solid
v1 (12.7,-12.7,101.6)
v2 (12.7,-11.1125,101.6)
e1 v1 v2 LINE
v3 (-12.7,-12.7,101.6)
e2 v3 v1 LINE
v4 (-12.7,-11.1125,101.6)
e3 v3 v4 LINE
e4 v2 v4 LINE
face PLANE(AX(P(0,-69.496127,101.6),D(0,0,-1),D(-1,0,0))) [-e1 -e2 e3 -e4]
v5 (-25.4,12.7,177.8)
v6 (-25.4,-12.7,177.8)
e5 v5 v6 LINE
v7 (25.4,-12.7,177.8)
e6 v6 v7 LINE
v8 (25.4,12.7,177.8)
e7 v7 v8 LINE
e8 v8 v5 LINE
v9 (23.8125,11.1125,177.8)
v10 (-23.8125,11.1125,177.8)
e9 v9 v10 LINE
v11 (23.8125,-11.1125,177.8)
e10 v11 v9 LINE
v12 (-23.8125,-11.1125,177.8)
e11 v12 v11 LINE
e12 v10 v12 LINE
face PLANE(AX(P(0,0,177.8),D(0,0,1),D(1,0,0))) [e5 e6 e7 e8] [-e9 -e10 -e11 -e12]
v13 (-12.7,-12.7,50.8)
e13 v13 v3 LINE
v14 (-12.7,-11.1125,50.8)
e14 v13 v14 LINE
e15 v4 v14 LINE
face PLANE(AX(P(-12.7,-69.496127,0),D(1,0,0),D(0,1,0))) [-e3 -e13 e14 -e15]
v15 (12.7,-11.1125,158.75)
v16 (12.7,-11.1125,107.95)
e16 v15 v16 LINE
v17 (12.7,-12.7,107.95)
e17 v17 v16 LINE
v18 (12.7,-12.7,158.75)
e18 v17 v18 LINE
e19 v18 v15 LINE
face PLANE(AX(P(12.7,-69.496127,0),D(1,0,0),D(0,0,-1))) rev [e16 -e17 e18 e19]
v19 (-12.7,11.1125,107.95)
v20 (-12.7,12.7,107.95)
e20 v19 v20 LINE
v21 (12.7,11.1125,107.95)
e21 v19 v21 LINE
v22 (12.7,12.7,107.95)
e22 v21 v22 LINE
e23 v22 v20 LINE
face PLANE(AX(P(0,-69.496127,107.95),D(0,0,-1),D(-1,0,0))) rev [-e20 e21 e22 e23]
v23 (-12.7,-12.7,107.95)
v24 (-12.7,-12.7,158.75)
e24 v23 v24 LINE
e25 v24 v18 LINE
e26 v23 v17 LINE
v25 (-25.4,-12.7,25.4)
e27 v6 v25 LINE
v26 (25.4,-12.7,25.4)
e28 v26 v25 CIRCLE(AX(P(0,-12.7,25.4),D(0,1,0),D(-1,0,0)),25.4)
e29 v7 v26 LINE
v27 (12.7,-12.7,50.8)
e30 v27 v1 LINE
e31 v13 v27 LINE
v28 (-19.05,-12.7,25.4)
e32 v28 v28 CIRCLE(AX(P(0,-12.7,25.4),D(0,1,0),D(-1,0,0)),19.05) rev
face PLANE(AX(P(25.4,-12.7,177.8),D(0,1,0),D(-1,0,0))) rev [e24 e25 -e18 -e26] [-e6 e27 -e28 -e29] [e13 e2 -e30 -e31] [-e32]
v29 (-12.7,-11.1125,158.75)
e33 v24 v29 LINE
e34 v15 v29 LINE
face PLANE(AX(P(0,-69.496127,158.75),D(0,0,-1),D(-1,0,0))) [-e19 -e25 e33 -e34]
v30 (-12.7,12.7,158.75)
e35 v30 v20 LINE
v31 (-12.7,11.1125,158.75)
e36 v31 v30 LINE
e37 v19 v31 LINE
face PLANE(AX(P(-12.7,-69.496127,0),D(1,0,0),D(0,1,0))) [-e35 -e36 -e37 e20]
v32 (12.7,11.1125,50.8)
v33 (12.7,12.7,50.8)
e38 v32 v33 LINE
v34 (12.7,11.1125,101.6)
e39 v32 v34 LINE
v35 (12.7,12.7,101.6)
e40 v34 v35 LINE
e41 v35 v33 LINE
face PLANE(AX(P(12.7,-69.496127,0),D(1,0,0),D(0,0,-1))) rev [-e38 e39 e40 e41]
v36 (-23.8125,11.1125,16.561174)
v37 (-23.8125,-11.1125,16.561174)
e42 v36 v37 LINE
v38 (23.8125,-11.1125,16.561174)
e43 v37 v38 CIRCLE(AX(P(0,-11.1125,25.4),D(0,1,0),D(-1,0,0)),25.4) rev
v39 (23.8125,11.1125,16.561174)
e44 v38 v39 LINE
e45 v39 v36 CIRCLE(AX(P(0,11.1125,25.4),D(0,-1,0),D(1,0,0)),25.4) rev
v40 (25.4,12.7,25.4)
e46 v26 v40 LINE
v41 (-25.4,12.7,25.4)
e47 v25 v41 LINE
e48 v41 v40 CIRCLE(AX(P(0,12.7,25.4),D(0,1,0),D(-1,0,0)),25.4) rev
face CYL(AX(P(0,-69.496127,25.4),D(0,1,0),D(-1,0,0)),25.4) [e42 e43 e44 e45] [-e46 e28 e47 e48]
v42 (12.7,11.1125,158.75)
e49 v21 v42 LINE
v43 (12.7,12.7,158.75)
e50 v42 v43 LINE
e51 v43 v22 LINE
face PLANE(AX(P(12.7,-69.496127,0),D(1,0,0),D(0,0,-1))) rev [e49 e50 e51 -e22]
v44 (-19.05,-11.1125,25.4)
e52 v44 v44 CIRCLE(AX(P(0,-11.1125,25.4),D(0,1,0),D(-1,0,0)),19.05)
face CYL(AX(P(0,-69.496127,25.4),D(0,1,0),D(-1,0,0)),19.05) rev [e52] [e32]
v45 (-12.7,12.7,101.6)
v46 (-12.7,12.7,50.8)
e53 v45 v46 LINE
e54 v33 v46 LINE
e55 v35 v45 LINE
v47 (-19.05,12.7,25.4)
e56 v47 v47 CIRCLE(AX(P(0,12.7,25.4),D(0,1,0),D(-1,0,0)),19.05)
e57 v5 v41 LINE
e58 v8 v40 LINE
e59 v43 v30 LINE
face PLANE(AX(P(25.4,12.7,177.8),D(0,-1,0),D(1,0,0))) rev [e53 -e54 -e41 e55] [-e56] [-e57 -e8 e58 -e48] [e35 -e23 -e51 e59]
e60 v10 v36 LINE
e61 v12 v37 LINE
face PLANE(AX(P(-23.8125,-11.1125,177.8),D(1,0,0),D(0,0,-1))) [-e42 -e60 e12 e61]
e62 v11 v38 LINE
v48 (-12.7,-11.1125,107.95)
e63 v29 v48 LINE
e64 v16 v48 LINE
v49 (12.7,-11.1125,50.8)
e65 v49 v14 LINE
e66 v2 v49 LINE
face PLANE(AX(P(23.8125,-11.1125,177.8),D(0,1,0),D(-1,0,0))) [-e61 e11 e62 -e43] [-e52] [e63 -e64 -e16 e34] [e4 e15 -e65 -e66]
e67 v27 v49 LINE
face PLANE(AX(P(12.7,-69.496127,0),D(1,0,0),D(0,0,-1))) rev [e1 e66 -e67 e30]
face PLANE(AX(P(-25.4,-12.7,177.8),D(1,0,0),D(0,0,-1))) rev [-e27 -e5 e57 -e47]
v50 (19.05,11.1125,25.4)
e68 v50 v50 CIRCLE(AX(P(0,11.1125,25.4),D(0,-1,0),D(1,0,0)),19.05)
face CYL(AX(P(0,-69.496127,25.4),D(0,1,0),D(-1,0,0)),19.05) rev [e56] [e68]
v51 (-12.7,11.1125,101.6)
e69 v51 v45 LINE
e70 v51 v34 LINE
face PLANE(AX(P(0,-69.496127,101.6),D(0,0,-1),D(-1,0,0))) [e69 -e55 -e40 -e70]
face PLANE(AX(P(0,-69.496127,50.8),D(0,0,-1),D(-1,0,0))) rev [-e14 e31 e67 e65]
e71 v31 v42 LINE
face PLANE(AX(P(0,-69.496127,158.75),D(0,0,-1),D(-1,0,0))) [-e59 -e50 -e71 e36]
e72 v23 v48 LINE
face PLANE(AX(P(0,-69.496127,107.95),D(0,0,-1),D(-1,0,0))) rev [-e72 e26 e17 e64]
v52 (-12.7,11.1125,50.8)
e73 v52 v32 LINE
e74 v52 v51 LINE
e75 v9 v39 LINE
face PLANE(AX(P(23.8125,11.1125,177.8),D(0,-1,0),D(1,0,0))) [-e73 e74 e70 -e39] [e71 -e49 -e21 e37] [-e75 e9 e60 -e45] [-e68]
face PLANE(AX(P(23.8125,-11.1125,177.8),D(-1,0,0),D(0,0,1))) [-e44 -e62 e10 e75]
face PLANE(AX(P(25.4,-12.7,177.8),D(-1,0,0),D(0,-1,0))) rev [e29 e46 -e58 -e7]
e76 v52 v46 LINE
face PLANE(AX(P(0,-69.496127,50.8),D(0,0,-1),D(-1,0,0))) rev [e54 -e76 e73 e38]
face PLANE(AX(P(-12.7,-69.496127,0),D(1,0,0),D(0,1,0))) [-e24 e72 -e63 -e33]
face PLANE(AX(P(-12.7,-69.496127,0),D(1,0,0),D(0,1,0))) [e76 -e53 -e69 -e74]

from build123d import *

# Parameters (mm, degrees)
SKETCH1_W           = 50.8
SKETCH1_H           = 25.4
SKETCH1_W_2         = 47.625
SKETCH1_H_2         = 22.225
BOSS_EXTRUDE1_DEPTH = 177.8
CUT_EXTRUDE1_REACH  = 183.392
SKETCH2_W           = 25.4
SKETCH2_H           = 50.8


with BuildPart() as part:
    # Sketch1 → Boss-Extrude1 (new body)
    with BuildSketch(Plane.XY):
        Rectangle(SKETCH1_W, SKETCH1_H)
        Rectangle(SKETCH1_W_2, SKETCH1_H_2, mode=Mode.SUBTRACT)
    extrude(amount=BOSS_EXTRUDE1_DEPTH)

    # Cut-Extrude1: up to this face of the body (flat: up to its plane)
    cut_extrude1_end = Plane(part.part.faces().sort_by_distance((0, -12.7, 88.9))[0])
    # Sketch2 → Cut-Extrude1 (cut, up to the picked face)
    with BuildSketch(Plane(origin=(0, 12.7, 0), x_dir=(1, 0, 0), z_dir=(0, 1, 0)), mode=Mode.PRIVATE) as cut_extrude1_sk1:
        with BuildLine():
            ThreePointArc((-25.4, -25.4), (-17.960512214, -7.439487729), (8.1e-08, 0))
            Line((8.1e-08, 0), (-25.4, 0))
            Line((-25.4, 0), (-25.4, -25.4))
        make_face()
    cut_extrude1_tool1 = split(extrude(cut_extrude1_sk1.sketch, amount=-CUT_EXTRUDE1_REACH, mode=Mode.PRIVATE), bisect_by=cut_extrude1_end, keep=Keep.BOTH, mode=Mode.PRIVATE)
    # Sketch2 → Cut-Extrude1 (cut, up to the picked face)
    with BuildSketch(Plane(origin=(0, 12.7, 0), x_dir=(1, 0, 0), z_dir=(0, 1, 0)), mode=Mode.PRIVATE) as cut_extrude1_sk2:
        with BuildLine():
            ThreePointArc((-19.05, -25.4), (0, -44.45), (19.05, -25.4))
            Line((19.05, -25.4), (-19.05, -25.4))
        make_face()
    cut_extrude1_tool2 = split(extrude(cut_extrude1_sk2.sketch, amount=-CUT_EXTRUDE1_REACH, mode=Mode.PRIVATE), bisect_by=cut_extrude1_end, keep=Keep.BOTH, mode=Mode.PRIVATE)
    # Sketch2 → Cut-Extrude1 (cut, up to the picked face)
    with BuildSketch(Plane(origin=(0, 12.7, 0), x_dir=(1, 0, 0), z_dir=(0, 1, 0)), mode=Mode.PRIVATE) as cut_extrude1_sk3:
        with BuildLine():
            Line((-19.05, -25.4), (19.05, -25.4))
            ThreePointArc((19.05, -25.4), (0, -6.35), (-19.05, -25.4))
        make_face()
    cut_extrude1_tool3 = split(extrude(cut_extrude1_sk3.sketch, amount=-CUT_EXTRUDE1_REACH, mode=Mode.PRIVATE), bisect_by=cut_extrude1_end, keep=Keep.BOTH, mode=Mode.PRIVATE)
    # Sketch2 → Cut-Extrude1 (cut, up to the picked face)
    with BuildSketch(Plane(origin=(0, 12.7, 0), x_dir=(1, 0, 0), z_dir=(0, 1, 0)), mode=Mode.PRIVATE) as cut_extrude1_sk4:
        with BuildLine():
            ThreePointArc((8.1e-08, 0), (17.960512271, -7.439487786), (25.4, -25.4))
            Line((25.4, -25.4), (25.4, 0))
            Line((25.4, 0), (8.1e-08, 0))
        make_face()
    cut_extrude1_tool4 = split(extrude(cut_extrude1_sk4.sketch, amount=-CUT_EXTRUDE1_REACH, mode=Mode.PRIVATE), bisect_by=cut_extrude1_end, keep=Keep.BOTH, mode=Mode.PRIVATE)
    # Sketch2 → Cut-Extrude1 (cut, up to the picked face)
    with BuildSketch(Plane(origin=(0, 12.7, 0), x_dir=(1, 0, 0), z_dir=(0, 1, 0)), mode=Mode.PRIVATE) as cut_extrude1_sk5:
        with BuildLine():
            ThreePointArc((-19.05, -25.4), (0, -44.45), (19.05, -25.4))
            Line((19.05, -25.4), (-19.05, -25.4))
        make_face()
    cut_extrude1_tool5 = split(extrude(cut_extrude1_sk5.sketch, amount=-CUT_EXTRUDE1_REACH, mode=Mode.PRIVATE), bisect_by=cut_extrude1_end, keep=Keep.BOTH, mode=Mode.PRIVATE)
    # Sketch2 → Cut-Extrude1 (cut, up to the picked face)
    with BuildSketch(Plane(origin=(0, 12.7, 0), x_dir=(1, 0, 0), z_dir=(0, 1, 0)), mode=Mode.PRIVATE) as cut_extrude1_sk6:
        with BuildLine():
            Line((-19.05, -25.4), (19.05, -25.4))
            ThreePointArc((19.05, -25.4), (0, -6.35), (-19.05, -25.4))
        make_face()
    cut_extrude1_tool6 = split(extrude(cut_extrude1_sk6.sketch, amount=-CUT_EXTRUDE1_REACH, mode=Mode.PRIVATE), bisect_by=cut_extrude1_end, keep=Keep.BOTH, mode=Mode.PRIVATE)
    # Sketch2 → Cut-Extrude1 (cut, up to the picked face)
    with BuildSketch(Plane(origin=(0, 12.7, 0), x_dir=(1, 0, 0), z_dir=(0, 1, 0)), mode=Mode.PRIVATE) as cut_extrude1_sk7:
        with Locations((0, -133.35)):
            Rectangle(SKETCH2_W, SKETCH2_H)
    cut_extrude1_tool7 = split(extrude(cut_extrude1_sk7.sketch, amount=-CUT_EXTRUDE1_REACH, mode=Mode.PRIVATE), bisect_by=cut_extrude1_end, keep=Keep.BOTH, mode=Mode.PRIVATE)
    # Sketch2 → Cut-Extrude1 (cut, up to the picked face)
    with BuildSketch(Plane(origin=(0, 12.7, 0), x_dir=(1, 0, 0), z_dir=(0, 1, 0)), mode=Mode.PRIVATE) as cut_extrude1_sk8:
        with Locations((0, -76.2)):
            Rectangle(SKETCH2_W, SKETCH2_H)
    cut_extrude1_tool8 = split(extrude(cut_extrude1_sk8.sketch, amount=-CUT_EXTRUDE1_REACH, mode=Mode.PRIVATE), bisect_by=cut_extrude1_end, keep=Keep.BOTH, mode=Mode.PRIVATE)
    add(cut_extrude1_tool1.solids().sort_by(Axis((-19.726454, 12.7, 5.673546), (0, -1, 0)))[0], mode=Mode.SUBTRACT)
    add(cut_extrude1_tool2.solids().sort_by(Axis((0, 12.7, 33.485071), (0, -1, 0)))[0], mode=Mode.SUBTRACT)
    add(cut_extrude1_tool3.solids().sort_by(Axis((0, 12.7, 17.314929), (0, -1, 0)))[0], mode=Mode.SUBTRACT)
    add(cut_extrude1_tool4.solids().sort_by(Axis((19.726454, 12.7, 5.673546), (0, -1, 0)))[0], mode=Mode.SUBTRACT)
    add(cut_extrude1_tool5.solids().sort_by(Axis((0, 12.7, 33.485071), (0, -1, 0)))[0], mode=Mode.SUBTRACT)
    add(cut_extrude1_tool6.solids().sort_by(Axis((0, 12.7, 17.314929), (0, -1, 0)))[0], mode=Mode.SUBTRACT)
    add(cut_extrude1_tool7.solids().sort_by(Axis((0, 12.7, 133.35), (0, -1, 0)))[0], mode=Mode.SUBTRACT)
    add(cut_extrude1_tool8.solids().sort_by(Axis((0, 12.7, 76.2), (0, -1, 0)))[0], mode=Mode.SUBTRACT)


solid = part.part
